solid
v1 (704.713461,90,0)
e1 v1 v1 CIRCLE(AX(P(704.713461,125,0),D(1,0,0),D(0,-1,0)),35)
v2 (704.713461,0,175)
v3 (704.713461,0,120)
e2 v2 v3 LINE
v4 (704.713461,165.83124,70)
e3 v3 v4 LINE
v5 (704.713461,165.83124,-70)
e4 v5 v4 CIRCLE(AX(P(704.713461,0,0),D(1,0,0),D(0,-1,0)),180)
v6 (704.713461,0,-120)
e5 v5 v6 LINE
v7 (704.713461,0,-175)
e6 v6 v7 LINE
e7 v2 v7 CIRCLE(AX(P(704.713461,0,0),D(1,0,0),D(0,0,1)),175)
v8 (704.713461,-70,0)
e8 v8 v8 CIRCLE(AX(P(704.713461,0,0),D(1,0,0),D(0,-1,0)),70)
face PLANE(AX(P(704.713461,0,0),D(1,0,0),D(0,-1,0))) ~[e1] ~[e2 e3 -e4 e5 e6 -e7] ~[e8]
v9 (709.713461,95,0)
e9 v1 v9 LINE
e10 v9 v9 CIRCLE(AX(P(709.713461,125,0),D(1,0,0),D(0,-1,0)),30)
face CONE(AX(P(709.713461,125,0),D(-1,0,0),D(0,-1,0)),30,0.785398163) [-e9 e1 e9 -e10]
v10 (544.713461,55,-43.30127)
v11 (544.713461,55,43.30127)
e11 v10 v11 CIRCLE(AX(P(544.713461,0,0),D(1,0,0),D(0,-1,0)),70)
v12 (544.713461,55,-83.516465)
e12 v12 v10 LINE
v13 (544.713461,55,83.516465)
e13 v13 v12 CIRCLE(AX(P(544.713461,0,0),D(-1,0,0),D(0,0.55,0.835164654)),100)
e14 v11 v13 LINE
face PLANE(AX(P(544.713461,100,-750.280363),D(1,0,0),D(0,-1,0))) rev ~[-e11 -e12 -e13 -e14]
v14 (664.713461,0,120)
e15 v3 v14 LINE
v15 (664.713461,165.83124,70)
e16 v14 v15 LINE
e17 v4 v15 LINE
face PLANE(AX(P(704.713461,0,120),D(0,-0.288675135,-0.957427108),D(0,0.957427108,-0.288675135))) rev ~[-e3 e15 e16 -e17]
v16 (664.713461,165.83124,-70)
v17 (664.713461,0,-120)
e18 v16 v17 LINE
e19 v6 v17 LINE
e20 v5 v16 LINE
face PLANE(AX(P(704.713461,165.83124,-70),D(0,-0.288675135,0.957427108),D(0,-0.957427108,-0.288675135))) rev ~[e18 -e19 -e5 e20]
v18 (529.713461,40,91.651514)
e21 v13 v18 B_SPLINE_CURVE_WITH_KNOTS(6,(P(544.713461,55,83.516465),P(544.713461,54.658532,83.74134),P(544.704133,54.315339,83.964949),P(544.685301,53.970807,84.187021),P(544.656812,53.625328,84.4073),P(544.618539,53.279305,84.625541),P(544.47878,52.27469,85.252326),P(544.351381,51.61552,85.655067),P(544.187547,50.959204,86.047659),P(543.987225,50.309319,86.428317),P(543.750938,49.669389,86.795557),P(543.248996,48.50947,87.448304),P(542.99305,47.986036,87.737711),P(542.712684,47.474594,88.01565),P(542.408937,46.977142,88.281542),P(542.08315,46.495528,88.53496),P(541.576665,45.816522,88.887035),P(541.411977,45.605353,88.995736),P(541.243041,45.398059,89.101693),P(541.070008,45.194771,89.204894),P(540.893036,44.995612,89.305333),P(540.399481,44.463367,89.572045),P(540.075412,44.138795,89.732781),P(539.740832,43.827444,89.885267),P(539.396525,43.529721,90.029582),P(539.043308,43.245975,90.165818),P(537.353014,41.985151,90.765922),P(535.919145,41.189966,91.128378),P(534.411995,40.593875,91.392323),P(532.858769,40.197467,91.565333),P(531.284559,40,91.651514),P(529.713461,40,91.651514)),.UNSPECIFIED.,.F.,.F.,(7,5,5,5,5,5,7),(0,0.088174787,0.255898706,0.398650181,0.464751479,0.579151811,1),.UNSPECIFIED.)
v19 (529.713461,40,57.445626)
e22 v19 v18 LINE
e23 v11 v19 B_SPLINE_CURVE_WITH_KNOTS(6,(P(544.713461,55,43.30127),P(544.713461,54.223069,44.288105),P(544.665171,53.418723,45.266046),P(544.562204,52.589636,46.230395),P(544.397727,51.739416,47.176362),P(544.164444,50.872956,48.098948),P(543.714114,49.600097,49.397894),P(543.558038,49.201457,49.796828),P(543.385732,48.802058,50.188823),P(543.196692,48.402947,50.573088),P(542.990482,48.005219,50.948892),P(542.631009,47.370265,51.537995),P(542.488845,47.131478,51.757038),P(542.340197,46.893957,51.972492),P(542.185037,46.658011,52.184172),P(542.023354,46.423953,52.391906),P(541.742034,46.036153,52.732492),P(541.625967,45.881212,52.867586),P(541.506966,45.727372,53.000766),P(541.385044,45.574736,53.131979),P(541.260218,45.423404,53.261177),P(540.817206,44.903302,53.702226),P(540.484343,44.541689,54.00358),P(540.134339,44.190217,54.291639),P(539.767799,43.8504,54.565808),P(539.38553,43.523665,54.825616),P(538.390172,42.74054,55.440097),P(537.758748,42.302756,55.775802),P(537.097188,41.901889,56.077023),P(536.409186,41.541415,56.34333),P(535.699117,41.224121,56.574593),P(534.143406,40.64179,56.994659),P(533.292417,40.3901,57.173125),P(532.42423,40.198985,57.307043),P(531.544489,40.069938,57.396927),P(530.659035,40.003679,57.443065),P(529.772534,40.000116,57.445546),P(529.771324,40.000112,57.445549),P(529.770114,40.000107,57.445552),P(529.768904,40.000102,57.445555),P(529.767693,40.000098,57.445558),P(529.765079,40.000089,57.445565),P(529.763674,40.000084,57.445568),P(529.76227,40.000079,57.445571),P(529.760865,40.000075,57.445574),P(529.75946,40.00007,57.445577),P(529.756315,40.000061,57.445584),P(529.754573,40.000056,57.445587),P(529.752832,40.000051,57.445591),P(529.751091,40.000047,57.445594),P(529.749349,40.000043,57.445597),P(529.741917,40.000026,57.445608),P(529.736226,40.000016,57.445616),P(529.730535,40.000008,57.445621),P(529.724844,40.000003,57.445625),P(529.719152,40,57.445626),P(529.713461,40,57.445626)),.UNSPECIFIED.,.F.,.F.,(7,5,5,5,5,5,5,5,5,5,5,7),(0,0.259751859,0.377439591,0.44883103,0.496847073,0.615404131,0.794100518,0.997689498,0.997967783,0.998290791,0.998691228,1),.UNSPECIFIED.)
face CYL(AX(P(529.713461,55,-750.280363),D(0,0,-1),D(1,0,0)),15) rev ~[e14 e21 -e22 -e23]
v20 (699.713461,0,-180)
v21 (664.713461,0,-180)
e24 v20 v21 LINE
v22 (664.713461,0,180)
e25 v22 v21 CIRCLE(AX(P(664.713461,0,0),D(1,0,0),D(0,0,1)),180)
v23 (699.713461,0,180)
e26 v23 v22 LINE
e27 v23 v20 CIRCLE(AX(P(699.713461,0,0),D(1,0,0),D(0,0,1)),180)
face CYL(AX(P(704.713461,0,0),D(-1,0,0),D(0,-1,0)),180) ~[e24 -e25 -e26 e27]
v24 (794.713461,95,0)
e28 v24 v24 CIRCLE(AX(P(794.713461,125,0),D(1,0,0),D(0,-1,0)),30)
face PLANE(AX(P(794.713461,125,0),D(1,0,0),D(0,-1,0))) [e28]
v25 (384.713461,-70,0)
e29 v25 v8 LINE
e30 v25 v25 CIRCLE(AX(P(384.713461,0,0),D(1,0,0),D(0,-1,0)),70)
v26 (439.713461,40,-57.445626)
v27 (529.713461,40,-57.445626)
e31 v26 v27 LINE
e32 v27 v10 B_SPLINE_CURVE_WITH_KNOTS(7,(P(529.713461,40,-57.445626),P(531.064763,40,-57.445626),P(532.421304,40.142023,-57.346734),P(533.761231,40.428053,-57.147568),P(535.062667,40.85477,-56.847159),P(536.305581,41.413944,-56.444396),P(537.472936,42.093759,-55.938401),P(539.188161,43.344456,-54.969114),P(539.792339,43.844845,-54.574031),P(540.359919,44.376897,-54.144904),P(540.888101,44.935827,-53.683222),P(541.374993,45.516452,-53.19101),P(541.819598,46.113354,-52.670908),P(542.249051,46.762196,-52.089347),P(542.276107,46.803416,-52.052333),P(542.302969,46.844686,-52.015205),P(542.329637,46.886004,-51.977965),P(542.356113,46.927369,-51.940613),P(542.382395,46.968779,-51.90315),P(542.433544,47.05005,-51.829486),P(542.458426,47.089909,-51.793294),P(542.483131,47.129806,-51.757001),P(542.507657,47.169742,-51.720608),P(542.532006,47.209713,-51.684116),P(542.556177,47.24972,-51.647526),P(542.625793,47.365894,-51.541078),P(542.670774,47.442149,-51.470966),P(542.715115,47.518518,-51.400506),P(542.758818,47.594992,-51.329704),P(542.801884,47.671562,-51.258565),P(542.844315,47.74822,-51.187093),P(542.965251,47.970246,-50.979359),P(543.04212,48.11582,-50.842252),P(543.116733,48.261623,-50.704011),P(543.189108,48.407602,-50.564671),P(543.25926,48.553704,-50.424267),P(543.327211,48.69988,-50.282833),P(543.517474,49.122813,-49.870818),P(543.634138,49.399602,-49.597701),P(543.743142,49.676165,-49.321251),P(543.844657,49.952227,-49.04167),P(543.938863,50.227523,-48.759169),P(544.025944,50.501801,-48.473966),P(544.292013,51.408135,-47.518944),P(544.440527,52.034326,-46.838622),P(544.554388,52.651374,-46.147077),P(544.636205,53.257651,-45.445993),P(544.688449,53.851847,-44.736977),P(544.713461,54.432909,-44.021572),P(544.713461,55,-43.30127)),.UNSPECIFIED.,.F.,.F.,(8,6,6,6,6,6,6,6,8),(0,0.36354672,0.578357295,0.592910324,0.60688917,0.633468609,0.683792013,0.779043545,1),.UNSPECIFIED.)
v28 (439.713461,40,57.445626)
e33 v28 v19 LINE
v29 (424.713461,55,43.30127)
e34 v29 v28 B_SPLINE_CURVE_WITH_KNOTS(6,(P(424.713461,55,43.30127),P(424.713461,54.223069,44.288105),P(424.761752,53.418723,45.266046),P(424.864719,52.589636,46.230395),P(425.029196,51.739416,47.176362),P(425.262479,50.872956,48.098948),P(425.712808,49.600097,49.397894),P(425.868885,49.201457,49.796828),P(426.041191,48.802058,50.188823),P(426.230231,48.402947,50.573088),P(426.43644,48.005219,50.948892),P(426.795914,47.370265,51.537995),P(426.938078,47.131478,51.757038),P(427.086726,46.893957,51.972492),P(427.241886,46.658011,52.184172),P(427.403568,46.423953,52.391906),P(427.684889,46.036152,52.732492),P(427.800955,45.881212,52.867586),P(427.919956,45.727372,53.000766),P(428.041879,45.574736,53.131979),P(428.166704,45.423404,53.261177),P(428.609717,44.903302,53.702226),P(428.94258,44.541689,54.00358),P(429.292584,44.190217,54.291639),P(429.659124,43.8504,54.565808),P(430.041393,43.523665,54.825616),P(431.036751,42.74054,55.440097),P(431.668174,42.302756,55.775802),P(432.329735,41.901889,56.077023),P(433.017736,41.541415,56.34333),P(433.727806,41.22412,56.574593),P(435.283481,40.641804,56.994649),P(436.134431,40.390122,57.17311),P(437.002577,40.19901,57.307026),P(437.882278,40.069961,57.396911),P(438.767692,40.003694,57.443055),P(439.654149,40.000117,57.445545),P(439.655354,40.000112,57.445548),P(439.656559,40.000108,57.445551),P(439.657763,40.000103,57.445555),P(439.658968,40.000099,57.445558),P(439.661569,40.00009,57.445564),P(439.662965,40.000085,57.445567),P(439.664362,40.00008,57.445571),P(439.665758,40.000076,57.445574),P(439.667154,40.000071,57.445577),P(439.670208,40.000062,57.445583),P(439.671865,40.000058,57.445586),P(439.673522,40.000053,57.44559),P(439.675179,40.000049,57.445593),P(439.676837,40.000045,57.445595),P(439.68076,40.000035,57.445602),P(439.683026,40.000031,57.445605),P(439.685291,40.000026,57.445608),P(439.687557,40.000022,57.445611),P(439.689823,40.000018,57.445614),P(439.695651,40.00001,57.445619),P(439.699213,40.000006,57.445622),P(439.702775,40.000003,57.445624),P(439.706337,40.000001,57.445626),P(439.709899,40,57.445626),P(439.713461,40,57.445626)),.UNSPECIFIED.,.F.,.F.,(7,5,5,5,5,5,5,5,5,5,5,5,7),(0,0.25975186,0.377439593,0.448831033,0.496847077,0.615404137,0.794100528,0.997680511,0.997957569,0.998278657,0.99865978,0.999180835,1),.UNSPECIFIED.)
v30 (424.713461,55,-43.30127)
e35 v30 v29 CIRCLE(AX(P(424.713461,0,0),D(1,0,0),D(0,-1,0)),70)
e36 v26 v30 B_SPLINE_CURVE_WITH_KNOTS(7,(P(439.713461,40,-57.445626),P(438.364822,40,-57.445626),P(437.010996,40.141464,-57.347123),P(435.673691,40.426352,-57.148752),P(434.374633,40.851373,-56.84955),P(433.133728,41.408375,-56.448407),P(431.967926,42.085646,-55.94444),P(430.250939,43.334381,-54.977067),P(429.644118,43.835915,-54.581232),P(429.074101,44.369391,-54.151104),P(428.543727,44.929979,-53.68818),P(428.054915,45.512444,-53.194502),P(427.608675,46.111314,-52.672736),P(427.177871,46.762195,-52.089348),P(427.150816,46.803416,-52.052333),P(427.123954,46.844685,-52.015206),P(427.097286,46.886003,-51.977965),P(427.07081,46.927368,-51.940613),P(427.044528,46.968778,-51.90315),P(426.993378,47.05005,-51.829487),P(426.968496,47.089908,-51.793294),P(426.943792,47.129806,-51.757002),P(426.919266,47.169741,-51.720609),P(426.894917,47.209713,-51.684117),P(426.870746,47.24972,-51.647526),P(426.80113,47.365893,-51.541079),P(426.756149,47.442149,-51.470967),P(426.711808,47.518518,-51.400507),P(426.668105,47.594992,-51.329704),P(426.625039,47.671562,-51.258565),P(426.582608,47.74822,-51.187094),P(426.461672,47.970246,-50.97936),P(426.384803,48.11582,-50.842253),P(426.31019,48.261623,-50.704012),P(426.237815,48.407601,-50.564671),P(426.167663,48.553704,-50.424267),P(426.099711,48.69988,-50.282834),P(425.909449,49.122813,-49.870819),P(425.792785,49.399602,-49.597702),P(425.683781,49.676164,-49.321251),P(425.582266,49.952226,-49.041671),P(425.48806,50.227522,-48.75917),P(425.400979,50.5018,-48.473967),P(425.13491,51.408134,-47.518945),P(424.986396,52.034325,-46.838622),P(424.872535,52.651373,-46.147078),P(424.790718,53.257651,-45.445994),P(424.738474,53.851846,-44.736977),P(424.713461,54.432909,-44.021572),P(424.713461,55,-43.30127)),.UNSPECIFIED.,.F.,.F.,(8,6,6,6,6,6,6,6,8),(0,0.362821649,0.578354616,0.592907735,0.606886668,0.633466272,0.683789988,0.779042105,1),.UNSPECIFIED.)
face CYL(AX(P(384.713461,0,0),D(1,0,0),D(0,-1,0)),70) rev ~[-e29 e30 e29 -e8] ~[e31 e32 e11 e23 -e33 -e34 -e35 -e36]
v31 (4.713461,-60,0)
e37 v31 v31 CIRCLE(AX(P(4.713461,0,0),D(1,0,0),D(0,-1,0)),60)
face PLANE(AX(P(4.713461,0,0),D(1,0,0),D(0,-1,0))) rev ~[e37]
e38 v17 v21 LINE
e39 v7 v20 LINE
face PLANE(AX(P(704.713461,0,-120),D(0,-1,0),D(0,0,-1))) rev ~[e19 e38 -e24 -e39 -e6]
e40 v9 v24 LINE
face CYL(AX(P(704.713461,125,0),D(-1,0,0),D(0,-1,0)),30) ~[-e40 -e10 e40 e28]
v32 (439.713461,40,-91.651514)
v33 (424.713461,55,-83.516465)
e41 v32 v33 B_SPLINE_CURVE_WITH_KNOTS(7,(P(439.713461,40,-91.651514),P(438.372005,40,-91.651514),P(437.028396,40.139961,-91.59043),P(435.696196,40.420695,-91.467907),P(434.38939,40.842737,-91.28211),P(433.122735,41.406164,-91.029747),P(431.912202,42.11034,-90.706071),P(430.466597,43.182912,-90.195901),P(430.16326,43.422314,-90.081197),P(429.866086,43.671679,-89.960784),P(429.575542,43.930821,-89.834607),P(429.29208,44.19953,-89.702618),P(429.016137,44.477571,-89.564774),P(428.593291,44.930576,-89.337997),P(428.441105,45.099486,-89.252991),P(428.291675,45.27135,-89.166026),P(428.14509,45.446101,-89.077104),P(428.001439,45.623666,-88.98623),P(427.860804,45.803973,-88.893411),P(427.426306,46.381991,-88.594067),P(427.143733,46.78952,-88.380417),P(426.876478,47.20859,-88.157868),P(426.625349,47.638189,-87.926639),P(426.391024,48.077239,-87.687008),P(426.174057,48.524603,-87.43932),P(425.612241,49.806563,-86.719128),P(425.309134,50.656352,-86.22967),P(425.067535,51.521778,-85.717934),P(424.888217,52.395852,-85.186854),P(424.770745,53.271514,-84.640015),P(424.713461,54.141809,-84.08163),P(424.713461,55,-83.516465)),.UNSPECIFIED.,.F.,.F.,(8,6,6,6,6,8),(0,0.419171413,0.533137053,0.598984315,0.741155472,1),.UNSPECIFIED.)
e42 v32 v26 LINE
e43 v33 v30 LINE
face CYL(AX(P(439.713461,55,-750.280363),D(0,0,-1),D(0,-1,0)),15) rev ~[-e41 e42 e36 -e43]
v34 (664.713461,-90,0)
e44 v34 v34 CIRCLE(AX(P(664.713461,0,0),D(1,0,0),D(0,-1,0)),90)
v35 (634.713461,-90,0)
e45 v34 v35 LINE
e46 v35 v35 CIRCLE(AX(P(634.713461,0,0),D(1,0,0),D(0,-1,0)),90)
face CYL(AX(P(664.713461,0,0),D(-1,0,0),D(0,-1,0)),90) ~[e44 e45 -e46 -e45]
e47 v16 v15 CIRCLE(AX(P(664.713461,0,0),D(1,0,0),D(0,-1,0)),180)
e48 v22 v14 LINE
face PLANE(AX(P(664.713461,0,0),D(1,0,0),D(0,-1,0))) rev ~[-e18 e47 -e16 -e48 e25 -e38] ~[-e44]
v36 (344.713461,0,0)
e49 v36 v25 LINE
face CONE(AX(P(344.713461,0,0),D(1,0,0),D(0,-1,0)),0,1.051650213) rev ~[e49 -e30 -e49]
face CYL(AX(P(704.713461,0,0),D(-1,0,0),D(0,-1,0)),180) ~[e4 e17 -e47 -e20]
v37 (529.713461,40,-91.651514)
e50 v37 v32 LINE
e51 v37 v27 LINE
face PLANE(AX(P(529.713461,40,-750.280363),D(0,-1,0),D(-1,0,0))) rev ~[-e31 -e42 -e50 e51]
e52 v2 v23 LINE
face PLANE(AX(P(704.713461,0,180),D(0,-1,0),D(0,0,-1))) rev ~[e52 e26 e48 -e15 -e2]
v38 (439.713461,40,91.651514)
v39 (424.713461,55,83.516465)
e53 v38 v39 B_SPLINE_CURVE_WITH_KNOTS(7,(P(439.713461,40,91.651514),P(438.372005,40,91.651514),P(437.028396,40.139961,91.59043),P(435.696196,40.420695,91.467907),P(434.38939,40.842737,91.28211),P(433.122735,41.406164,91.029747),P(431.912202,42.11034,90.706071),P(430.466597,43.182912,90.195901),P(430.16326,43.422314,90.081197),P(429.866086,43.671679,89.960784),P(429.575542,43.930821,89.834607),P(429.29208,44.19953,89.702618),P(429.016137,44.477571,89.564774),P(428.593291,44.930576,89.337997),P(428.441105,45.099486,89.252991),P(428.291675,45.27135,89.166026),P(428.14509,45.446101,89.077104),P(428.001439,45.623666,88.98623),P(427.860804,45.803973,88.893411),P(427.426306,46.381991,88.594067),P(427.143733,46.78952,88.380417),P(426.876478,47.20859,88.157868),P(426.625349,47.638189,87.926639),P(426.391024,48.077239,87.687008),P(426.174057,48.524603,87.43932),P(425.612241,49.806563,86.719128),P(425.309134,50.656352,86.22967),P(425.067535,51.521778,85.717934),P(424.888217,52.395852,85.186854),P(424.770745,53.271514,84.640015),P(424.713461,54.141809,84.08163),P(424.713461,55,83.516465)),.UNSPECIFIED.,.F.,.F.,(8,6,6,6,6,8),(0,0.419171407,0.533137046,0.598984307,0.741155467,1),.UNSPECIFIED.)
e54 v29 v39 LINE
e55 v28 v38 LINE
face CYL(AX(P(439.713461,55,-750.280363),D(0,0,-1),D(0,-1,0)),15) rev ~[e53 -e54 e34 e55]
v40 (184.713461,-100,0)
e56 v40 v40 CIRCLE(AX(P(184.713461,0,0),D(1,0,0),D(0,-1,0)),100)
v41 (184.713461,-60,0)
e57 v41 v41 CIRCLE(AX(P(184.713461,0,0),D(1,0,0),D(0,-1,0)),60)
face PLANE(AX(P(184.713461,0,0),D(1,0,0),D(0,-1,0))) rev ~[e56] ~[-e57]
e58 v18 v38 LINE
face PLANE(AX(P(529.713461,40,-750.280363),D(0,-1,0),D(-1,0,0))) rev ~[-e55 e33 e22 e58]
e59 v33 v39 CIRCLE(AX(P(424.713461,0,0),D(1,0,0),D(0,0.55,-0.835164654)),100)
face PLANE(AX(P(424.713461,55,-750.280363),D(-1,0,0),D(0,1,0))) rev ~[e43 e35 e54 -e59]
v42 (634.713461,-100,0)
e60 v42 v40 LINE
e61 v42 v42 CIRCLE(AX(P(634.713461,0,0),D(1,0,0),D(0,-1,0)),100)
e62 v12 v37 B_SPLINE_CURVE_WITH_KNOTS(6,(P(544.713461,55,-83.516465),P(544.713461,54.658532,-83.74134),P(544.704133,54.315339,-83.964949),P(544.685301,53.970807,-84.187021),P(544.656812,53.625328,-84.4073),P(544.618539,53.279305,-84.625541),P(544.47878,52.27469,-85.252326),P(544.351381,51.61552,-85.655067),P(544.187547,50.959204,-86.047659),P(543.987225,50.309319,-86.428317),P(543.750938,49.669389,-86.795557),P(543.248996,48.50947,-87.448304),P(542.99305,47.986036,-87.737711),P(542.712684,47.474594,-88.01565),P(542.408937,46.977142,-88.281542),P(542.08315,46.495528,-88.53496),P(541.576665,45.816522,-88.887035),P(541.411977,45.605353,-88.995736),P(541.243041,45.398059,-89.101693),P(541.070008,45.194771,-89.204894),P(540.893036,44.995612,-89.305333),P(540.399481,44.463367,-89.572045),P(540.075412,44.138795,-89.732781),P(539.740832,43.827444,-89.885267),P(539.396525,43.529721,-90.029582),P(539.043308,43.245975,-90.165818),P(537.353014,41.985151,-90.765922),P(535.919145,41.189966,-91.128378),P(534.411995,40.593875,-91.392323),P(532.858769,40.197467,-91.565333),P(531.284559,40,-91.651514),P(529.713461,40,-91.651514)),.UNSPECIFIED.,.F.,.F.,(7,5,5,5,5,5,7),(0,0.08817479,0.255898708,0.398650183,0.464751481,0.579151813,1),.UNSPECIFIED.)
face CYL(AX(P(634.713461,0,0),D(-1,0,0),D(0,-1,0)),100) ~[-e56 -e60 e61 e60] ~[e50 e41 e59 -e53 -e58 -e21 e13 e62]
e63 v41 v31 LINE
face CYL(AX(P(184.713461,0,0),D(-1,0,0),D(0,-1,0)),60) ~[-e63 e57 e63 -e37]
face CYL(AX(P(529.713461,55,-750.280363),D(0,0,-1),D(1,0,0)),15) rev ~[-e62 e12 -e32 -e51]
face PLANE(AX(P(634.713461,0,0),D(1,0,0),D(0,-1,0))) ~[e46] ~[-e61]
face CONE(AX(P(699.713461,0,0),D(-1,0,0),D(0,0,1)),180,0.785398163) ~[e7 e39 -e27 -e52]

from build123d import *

# Parameters (mm, degrees)
ENL_V_MAT_EXTRU_1_DEPTH      = 750.28036314
ENL_V_MAT_EXTRU_1_DEPTH_BACK = 750.28036314
ENL_V_MAT_EXTRU_2_DEPTH      = 745.848977981
ESQUISSE5_R                  = 30
BOSS_EXTRU_1_DEPTH           = 90
CHANFREIN2_SIZE              = 5


with BuildPart() as part:
    # Esquisse1 → Révolution1 (revolve)
    with BuildSketch(Plane.XY, mode=Mode.PRIVATE) as r_volution1_sk:
        Polygon((4.713461336, 0), (344.713461336, 0), (384.713461336, 70), (704.713461336, 70), (704.713461336, 180), (664.713461336, 180), (664.713461336, 90), (634.713461336, 90), (634.713461336, 100), (184.713461336, 100), (184.713461336, 60), (4.713461336, 60), align=None)
    revolve(r_volution1_sk.sketch.rotate(Axis((4.713461336, 0, 0), (1, 0, 0)), 180), axis=Axis((4.713461336, 0, 0), (1, 0, 0)))

    # Esquisse2 → Enlèv. mat.-Extru.1 (cut, two sides: drawn at the far end of the back side and taken through both)
    with BuildSketch(Plane.XY.offset(-ENL_V_MAT_EXTRU_1_DEPTH_BACK)):
        with BuildLine():
            Line((424.713461336, 100), (544.713461336, 100))
            Line((544.713461336, 100), (544.713461336, 55))
            ThreePointArc((544.713461336, 55), (540.320063053, 44.393398282), (529.713461336, 40))
            Line((529.713461336, 40), (439.713461336, 40))
            ThreePointArc((439.713461336, 40), (429.106859618, 44.393398282), (424.713461336, 55))
            Line((424.713461336, 55), (424.713461336, 100))
        make_face()
    extrude(amount=ENL_V_MAT_EXTRU_1_DEPTH + ENL_V_MAT_EXTRU_1_DEPTH_BACK, mode=Mode.SUBTRACT)

    # Esquisse4 → Enlèv. mat.-Extru.2 (cut, through all)
    with BuildSketch(Plane(origin=(704.713461336, 0, 0), x_dir=(0, 0, -1), z_dir=(1, 0, 0))):
        with BuildLine():
            Line((-120, 0), (-70, 165.831239518))
            ThreePointArc((-70, 165.831239518), (-150, 99.498743711), (-180, 0))
            Line((-180, 0), (-120, 0))
        make_face()
        with BuildLine():
            ThreePointArc((180, 0), (150, 99.498743711), (70, 165.831239518))
            Line((70, 165.831239518), (120, 0))
            Line((120, 0), (180, 0))
        make_face()
    extrude(amount=-ENL_V_MAT_EXTRU_2_DEPTH, mode=Mode.SUBTRACT)

    # Esquisse5 → Boss.-Extru.1 (add)
    with BuildSketch(Plane(origin=(704.713461336, 0, 0), x_dir=(0, 0, -1), z_dir=(1, 0, 0))):
        with Locations(Location((0, 125, 0), (0, 0, 270))):
            Circle(ESQUISSE5_R)
    extrude(amount=BOSS_EXTRU_1_DEPTH)

    # Chanfrein2
    chanfrein2_edges = [part.edges().sort_by_distance(p)[0] for p in [
        (704.713461336, 155, 0),
        (704.713461336, -180, 0),
    ]]
    chamfer(chanfrein2_edges, length=CHANFREIN2_SIZE)


solid = part.part
